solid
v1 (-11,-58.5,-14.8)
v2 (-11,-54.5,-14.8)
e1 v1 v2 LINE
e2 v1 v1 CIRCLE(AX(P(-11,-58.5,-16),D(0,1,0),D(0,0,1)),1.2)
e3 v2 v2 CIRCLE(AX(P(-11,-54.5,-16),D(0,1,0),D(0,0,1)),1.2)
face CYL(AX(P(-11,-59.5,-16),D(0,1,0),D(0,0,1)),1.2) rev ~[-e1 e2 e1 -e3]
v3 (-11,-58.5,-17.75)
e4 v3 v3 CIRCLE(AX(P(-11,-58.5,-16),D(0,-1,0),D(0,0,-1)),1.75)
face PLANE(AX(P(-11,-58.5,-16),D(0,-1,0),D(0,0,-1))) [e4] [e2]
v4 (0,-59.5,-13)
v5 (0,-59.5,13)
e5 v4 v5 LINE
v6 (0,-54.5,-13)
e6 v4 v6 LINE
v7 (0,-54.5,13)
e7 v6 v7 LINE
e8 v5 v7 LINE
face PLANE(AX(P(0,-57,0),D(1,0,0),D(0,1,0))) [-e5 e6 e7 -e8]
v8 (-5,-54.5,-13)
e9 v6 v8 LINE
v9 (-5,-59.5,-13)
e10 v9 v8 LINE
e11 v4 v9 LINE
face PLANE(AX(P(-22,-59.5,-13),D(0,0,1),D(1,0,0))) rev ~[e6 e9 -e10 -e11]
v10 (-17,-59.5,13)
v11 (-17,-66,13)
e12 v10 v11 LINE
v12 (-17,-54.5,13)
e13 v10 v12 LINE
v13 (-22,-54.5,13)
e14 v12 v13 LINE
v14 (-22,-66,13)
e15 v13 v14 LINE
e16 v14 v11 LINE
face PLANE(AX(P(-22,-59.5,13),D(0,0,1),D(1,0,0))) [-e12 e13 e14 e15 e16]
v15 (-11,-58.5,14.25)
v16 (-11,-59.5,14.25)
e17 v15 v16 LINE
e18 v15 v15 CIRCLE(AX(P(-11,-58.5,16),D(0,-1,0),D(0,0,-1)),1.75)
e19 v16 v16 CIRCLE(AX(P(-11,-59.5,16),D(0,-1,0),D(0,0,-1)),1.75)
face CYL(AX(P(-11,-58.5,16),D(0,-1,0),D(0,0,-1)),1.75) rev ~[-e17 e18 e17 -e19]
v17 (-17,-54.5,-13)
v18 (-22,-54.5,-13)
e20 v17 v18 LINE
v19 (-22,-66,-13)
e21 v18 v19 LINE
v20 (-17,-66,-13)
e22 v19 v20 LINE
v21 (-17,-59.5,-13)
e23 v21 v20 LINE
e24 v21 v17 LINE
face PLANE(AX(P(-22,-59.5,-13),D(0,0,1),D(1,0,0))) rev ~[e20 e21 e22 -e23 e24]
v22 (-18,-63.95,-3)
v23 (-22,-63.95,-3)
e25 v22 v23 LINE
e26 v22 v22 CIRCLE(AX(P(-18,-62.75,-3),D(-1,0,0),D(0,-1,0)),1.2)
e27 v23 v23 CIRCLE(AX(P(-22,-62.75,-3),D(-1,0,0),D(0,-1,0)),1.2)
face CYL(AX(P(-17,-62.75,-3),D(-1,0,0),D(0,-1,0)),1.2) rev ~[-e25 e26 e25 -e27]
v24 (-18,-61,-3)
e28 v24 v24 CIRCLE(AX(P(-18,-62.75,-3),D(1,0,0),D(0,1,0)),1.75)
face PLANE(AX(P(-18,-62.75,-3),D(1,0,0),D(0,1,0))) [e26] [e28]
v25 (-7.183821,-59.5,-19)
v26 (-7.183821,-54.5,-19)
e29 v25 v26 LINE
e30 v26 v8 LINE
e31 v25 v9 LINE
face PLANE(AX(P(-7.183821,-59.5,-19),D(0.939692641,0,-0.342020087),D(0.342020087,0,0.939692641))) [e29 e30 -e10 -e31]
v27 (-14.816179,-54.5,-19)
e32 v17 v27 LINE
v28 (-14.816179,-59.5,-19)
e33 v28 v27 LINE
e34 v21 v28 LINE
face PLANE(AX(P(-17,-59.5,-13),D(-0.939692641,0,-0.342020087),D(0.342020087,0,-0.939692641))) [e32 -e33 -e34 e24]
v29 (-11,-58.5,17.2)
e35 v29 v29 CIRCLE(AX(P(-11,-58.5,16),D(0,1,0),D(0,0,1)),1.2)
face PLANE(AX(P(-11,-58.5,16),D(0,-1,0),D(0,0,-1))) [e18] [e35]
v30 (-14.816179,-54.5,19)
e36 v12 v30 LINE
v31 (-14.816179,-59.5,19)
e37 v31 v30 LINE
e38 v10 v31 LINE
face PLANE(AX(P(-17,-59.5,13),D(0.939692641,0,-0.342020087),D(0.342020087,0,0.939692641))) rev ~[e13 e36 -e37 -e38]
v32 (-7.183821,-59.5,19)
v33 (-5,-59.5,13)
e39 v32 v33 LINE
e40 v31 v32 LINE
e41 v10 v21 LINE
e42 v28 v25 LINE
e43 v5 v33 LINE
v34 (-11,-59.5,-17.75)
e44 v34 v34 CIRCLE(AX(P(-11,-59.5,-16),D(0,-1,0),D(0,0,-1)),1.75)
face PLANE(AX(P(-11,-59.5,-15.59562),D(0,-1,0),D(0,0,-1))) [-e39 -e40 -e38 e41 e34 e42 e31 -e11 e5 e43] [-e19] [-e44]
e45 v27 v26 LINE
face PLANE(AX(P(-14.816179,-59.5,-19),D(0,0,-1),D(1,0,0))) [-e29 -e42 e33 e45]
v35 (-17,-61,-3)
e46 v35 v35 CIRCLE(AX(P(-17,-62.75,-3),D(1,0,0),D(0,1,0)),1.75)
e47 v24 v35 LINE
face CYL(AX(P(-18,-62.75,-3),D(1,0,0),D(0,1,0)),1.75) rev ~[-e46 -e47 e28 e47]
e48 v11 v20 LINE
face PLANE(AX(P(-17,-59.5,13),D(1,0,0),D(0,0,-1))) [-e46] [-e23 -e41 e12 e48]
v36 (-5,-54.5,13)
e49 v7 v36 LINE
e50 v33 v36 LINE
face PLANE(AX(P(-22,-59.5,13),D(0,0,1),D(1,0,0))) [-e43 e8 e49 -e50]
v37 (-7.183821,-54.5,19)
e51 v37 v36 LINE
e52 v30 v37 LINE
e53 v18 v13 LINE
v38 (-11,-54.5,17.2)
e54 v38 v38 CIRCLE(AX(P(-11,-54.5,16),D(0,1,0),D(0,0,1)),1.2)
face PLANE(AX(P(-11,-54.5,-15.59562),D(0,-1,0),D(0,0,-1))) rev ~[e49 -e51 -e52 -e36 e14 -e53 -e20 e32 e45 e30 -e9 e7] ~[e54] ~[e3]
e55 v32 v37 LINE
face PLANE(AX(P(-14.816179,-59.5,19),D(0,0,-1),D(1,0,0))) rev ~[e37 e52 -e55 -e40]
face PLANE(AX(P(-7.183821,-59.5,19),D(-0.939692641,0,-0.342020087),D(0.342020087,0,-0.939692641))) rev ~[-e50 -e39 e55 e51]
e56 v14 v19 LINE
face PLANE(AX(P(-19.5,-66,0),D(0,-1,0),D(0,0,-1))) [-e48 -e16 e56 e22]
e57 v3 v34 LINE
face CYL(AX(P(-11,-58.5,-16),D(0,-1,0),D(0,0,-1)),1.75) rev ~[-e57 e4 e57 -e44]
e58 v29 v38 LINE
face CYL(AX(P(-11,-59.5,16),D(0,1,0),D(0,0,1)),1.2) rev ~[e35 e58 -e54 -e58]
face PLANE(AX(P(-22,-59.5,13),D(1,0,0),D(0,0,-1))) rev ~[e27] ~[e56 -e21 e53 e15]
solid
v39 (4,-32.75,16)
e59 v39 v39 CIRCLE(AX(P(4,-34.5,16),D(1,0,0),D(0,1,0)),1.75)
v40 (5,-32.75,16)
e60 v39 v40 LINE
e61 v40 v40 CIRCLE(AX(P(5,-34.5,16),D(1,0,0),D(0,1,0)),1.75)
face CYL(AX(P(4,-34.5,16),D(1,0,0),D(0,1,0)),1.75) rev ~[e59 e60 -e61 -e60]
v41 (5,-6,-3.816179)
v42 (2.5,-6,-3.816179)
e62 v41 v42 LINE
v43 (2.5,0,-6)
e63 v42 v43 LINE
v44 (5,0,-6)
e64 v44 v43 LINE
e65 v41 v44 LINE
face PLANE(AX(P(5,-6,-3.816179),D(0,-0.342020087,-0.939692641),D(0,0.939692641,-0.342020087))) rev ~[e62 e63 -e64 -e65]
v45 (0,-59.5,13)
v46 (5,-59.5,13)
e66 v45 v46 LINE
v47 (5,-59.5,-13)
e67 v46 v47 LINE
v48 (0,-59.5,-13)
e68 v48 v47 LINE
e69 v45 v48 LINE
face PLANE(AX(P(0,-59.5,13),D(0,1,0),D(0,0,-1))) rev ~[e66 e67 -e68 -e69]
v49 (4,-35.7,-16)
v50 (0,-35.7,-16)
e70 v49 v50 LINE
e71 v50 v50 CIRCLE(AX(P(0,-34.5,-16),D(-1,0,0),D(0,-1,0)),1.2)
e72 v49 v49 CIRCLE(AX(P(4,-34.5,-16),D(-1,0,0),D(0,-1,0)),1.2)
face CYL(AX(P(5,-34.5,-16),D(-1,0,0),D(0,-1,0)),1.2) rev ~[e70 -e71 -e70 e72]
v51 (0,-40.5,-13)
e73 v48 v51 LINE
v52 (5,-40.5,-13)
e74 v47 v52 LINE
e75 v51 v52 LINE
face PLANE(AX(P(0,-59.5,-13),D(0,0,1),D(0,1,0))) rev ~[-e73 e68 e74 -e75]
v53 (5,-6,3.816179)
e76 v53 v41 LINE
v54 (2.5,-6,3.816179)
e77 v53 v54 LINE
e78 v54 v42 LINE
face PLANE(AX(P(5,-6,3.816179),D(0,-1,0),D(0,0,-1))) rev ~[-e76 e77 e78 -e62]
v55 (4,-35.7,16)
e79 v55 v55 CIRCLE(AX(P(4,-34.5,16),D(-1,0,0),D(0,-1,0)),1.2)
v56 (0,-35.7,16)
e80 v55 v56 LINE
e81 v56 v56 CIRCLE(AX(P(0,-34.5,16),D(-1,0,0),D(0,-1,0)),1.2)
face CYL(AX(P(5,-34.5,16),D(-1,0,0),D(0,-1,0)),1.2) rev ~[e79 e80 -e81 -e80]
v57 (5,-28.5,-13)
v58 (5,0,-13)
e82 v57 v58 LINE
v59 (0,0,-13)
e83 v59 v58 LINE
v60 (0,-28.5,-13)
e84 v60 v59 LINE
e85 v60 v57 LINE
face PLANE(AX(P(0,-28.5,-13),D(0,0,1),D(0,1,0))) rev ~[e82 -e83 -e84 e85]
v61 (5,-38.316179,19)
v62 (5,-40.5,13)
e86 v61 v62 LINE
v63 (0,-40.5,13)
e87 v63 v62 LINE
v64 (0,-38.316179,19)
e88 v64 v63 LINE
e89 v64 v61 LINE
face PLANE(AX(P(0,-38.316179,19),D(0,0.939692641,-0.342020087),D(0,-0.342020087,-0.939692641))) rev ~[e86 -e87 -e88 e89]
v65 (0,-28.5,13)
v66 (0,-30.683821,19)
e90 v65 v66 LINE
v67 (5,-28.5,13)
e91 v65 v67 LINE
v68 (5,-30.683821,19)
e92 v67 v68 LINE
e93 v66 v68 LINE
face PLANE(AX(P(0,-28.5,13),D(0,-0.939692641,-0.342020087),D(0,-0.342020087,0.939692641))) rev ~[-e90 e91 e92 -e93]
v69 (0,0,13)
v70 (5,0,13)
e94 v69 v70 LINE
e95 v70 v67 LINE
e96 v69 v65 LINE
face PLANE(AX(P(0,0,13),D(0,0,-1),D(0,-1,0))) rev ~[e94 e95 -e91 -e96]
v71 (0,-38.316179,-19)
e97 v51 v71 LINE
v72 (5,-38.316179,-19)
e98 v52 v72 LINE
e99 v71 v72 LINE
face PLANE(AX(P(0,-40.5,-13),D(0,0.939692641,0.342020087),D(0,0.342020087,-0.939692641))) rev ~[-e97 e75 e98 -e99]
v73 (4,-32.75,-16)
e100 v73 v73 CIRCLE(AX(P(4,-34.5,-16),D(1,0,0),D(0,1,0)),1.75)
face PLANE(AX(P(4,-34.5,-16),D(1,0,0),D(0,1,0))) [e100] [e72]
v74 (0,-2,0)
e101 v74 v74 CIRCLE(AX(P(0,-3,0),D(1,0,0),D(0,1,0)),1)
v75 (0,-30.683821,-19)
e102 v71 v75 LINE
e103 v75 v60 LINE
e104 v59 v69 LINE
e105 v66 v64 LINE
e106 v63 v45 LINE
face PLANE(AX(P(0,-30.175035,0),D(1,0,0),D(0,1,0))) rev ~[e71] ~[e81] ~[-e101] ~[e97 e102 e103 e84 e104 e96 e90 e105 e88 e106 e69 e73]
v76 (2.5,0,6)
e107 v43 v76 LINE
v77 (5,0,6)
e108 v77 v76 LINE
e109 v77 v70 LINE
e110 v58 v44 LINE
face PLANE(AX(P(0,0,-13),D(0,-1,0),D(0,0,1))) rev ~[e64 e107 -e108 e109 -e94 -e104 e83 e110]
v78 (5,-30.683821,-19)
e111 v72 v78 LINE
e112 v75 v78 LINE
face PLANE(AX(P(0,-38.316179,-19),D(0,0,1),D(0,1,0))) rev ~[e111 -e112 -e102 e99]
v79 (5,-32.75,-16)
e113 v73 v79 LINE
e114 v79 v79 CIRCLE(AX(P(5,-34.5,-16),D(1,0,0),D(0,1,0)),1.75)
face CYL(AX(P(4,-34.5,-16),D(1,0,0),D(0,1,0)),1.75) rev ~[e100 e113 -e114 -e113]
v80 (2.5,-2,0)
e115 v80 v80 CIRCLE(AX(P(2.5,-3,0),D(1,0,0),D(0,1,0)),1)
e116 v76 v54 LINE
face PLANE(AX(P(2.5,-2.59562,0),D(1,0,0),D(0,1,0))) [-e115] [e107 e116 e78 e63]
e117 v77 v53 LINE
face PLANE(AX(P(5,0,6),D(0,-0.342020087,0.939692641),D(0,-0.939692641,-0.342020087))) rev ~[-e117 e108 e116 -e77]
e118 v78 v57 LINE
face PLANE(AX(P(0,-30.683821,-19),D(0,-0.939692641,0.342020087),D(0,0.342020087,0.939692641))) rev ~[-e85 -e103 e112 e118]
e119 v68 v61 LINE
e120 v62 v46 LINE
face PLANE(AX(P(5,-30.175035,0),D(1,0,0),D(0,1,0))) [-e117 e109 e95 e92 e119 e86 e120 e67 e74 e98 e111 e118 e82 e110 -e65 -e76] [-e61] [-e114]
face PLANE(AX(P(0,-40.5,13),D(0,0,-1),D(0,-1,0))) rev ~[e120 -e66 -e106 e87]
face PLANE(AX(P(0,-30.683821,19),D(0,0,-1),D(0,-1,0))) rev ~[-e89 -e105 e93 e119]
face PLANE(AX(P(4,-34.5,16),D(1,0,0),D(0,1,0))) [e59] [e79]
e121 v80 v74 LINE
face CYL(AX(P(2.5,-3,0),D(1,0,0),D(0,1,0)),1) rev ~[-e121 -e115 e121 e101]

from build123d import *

# Parameters (mm, degrees)
PAD_DEPTH           = 5
POCKET_DEPTH        = 2.5
HOLE_D              = 2.4
HOLE_DEPTH          = 25
HOLE_CBORE_D        = 3.5
HOLE_CBORE_DEPTH    = 1
SKETCH044_R         = 1
POCKET001_DEPTH     = 5
SKETCH036_W         = 5
SKETCH036_H         = 26
PAD001_DEPTH        = 22
SKETCH037_W         = 26
SKETCH037_H         = 5
PAD002_DEPTH        = 6.5
HOLE001_D           = 2.4
HOLE001_DEPTH       = 25
HOLE001_CBORE_D     = 3.5
HOLE001_CBORE_DEPTH = 1
PAD003_DEPTH        = 5
HOLE002_D           = 2.4
HOLE002_DEPTH       = 25
HOLE002_CBORE_D     = 3.5
HOLE002_CBORE_DEPTH = 1


with BuildPart() as ch001:
    # Sketch → Pad (new body)
    with BuildSketch(Plane.YZ):
        Polygon((-59.5, 13), (-59.5, -13), (-40.5, -13), (-38.316179, -19), (-30.683821, -19), (-28.5, -13), (0, -13), (0, 13), (-28.5, 13), (-30.683821, 19), (-38.316179, 19), (-40.5, 13), align=None)
    extrude(amount=PAD_DEPTH)

    # Sketch042 (on Face14 of Pad) → Pocket (cut)
    with BuildSketch(Plane.YZ.offset(5)):
        Polygon((0, 6), (-6, 3.816179), (-6, -3.816179), (0, -6), align=None)
    extrude(amount=-POCKET_DEPTH, mode=Mode.SUBTRACT)

    # Hole
    with Locations(Plane.YZ.offset(5)):
        with Locations((-34.5, 16), (-34.5, -16)):
            CounterBoreHole(HOLE_D / 2, HOLE_CBORE_D / 2, HOLE_CBORE_DEPTH, depth=HOLE_DEPTH)

    # Sketch044 (on Face22 of Hole) → Pocket001 (cut)
    with BuildSketch(Plane.YZ.offset(2.5)):
        with Locations((-3, 0)):
            Circle(SKETCH044_R)
    extrude(amount=-POCKET001_DEPTH, mode=Mode.SUBTRACT)


with BuildPart() as ch002:
    # Sketch036 → Pad001 (new body)
    with BuildSketch(Plane.YZ):
        with Locations((-57, 0)):
            Rectangle(SKETCH036_W, SKETCH036_H)
    extrude(amount=-PAD001_DEPTH)

    # Sketch037 (on Face1 of Pad001) → Pad002 (join)
    with BuildSketch(Plane(origin=(0, -59.5, 0), x_dir=(0, 0, -1), z_dir=(0, -1, 0))):
        with Locations((0, -19.5)):
            Rectangle(SKETCH037_W, SKETCH037_H)
    extrude(amount=PAD002_DEPTH)

    # Hole001
    with Locations(Plane.YZ.offset(-17)):
        with Locations((-62.75, -3)):
            CounterBoreHole(HOLE001_D / 2, HOLE001_CBORE_D / 2, HOLE001_CBORE_DEPTH, depth=HOLE001_DEPTH)

    # Sketch040 (on Face1 of Pad001) → Pad003 (join)
    with BuildSketch(Plane(origin=(0, -59.5, 0), x_dir=(0, 0, -1), z_dir=(0, -1, 0))):
        Polygon((13, -17), (19, -14.816179), (19, -7.183821), (13, -5), align=None)
        Polygon((-13, -17), (-19, -14.816179), (-19, -7.183821), (-13, -5), align=None)
    extrude(amount=-PAD003_DEPTH)

    # Hole002
    with Locations(Plane(origin=(0, -59.5, 0), x_dir=(0, 0, -1), z_dir=(0, -1, 0))):
        with Locations((16, -11), (-16, -11)):
            CounterBoreHole(HOLE002_D / 2, HOLE002_CBORE_D / 2, HOLE002_CBORE_DEPTH, depth=HOLE002_DEPTH)


solid = Compound([ch001.part, ch002.part])
